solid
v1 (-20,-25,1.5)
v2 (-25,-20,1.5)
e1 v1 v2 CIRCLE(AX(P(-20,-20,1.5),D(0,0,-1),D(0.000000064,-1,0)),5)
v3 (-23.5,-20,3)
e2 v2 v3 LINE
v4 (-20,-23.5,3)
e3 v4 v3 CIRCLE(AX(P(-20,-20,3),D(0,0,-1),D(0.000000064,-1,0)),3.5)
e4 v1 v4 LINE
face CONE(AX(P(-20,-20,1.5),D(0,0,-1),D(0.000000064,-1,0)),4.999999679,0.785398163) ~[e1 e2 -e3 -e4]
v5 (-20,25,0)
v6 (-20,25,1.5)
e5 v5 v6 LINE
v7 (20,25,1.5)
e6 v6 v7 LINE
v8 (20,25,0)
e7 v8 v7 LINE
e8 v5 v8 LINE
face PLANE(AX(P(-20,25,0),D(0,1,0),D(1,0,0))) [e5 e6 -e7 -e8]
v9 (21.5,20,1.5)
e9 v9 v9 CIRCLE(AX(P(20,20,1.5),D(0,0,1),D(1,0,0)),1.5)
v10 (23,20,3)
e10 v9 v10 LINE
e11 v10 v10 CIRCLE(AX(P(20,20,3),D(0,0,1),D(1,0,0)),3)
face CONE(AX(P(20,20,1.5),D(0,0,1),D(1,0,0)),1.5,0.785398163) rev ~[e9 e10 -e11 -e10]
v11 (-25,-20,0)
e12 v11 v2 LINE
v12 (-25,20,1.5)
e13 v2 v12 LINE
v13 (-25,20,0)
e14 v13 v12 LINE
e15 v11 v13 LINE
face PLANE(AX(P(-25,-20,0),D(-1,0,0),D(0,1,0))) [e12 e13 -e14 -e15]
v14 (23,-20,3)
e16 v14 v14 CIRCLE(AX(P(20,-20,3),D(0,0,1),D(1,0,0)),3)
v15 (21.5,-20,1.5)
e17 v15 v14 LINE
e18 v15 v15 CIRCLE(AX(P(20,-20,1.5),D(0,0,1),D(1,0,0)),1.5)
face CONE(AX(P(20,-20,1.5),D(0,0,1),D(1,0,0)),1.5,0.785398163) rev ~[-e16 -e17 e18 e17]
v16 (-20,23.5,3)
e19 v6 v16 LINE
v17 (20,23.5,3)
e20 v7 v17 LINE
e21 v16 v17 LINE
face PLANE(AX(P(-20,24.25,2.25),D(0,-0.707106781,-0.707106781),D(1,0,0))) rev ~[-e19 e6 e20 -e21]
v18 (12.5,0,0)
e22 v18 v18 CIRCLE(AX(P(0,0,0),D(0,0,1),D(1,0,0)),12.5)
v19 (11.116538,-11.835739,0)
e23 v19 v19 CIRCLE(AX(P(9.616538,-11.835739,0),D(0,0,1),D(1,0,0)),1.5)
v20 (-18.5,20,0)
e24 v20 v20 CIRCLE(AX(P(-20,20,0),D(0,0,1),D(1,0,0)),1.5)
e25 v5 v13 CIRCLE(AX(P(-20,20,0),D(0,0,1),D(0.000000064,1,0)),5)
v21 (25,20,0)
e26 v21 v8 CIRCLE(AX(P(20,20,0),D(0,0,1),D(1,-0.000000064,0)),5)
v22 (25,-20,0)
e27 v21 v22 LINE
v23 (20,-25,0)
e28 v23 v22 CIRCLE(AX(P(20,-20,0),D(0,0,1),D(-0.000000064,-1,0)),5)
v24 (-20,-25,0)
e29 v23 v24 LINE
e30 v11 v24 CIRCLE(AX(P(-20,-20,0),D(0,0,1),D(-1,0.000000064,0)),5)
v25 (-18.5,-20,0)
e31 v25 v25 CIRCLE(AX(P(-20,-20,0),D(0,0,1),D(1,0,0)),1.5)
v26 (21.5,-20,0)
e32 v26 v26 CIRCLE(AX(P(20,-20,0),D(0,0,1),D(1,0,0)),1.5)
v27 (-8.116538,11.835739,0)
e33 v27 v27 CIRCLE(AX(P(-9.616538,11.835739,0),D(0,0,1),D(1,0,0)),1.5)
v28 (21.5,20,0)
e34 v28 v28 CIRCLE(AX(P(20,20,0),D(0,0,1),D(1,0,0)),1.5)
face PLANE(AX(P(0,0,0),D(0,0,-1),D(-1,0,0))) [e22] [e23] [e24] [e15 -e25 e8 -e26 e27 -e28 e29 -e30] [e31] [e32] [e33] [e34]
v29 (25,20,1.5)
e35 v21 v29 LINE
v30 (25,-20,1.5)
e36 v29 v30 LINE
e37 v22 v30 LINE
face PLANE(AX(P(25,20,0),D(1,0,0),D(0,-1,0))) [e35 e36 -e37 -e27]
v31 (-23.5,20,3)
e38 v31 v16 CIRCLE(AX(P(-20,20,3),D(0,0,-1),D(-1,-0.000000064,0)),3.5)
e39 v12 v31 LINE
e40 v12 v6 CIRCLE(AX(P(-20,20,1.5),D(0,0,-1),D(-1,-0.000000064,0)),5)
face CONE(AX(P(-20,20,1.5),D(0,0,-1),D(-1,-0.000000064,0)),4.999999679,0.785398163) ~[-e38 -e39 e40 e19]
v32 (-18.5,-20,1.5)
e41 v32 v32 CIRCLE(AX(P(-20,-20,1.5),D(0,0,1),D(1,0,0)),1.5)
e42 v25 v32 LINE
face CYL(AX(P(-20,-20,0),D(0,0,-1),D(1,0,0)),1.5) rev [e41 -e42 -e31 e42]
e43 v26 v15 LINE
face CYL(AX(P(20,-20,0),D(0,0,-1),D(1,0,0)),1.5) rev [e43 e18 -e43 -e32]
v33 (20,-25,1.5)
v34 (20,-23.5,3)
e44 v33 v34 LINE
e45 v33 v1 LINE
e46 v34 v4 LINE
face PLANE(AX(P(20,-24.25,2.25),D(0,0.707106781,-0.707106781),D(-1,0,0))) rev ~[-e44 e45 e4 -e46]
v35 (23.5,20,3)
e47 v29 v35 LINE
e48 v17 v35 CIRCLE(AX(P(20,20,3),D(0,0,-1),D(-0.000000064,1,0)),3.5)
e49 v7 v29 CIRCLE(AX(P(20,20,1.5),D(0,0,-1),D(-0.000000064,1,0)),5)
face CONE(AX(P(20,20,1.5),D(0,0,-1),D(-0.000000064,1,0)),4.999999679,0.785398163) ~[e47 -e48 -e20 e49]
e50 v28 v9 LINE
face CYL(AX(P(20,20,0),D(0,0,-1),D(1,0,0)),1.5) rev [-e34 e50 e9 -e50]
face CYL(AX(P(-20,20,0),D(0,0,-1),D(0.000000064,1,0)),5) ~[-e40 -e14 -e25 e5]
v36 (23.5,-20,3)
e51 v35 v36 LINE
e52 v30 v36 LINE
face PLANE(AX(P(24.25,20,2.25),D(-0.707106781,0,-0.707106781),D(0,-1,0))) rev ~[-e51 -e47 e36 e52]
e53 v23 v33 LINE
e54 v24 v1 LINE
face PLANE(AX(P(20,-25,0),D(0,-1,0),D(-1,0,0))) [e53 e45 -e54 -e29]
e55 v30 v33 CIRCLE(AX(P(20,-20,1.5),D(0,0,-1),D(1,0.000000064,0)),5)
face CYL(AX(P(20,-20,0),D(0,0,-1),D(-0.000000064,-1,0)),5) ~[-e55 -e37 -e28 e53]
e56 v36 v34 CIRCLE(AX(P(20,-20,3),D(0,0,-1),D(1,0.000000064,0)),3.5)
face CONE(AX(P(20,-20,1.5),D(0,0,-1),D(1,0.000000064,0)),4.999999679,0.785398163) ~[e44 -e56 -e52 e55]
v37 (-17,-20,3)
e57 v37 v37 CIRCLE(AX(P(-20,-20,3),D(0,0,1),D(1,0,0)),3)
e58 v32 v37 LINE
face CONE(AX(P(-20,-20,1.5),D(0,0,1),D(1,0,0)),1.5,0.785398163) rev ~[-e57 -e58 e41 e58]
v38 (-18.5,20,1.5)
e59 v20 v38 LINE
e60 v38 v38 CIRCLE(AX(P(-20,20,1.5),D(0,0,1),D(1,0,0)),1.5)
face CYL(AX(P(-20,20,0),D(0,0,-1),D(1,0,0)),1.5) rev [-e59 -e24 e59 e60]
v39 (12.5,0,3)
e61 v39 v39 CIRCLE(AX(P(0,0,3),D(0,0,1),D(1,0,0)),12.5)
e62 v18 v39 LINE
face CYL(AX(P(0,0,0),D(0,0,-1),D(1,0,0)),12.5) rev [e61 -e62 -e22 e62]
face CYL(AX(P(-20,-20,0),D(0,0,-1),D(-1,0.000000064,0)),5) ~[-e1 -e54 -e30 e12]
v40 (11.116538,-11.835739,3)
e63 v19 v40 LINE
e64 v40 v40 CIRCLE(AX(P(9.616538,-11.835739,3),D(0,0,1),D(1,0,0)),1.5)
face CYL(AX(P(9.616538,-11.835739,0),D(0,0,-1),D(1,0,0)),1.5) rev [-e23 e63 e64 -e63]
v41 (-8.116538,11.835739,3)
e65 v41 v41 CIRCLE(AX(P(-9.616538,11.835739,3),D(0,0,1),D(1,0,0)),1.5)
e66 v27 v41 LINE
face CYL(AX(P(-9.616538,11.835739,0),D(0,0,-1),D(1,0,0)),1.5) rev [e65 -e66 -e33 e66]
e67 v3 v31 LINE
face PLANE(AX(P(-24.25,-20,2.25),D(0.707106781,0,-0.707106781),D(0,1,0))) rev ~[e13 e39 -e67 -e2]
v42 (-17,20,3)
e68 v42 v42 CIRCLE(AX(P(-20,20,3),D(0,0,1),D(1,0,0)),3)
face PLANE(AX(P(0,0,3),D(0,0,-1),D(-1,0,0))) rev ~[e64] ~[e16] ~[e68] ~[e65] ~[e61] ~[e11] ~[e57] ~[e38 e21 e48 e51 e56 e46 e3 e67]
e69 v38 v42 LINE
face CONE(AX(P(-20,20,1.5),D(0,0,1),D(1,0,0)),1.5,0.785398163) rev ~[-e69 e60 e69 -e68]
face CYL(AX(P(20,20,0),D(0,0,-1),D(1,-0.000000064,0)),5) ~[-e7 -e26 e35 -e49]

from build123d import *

# Parameters (mm, degrees)
SKETCH_R     = 1.5
SKETCH_R_2   = 12.5
PAD_DEPTH    = 3
CHAMFER_SIZE = 1.5


with BuildPart() as part:
    # Sketch → Pad (new body)
    with BuildSketch(Plane.XY):
        with BuildLine():
            Line((-20, 25), (20, 25))
            ThreePointArc((25, 20), (23.535534, 23.535534), (20, 25))
            Line((25, 20), (25, -20))
            ThreePointArc((20, -25), (23.535534, -23.535534), (25, -20))
            Line((20, -25), (-20, -25))
            ThreePointArc((-25, -20), (-23.535534, -23.535534), (-20, -25))
            Line((-25, -20), (-25, 20))
            ThreePointArc((-20, 25), (-23.535534, 23.535534), (-25, 20))
        make_face()
        with Locations((-9.616538, 11.835739)):
            Circle(SKETCH_R, mode=Mode.SUBTRACT)
        with Locations((9.616538, -11.835739)):
            Circle(SKETCH_R, mode=Mode.SUBTRACT)
        with Locations((-20, 20)):
            Circle(SKETCH_R, mode=Mode.SUBTRACT)
        with Locations((20, 20)):
            Circle(SKETCH_R, mode=Mode.SUBTRACT)
        with Locations((20, -20)):
            Circle(SKETCH_R, mode=Mode.SUBTRACT)
        with Locations((-20, -20)):
            Circle(SKETCH_R, mode=Mode.SUBTRACT)
        Circle(SKETCH_R_2, mode=Mode.SUBTRACT)
    extrude(amount=PAD_DEPTH)

    # Chamfer
    chamfer_edges = [part.edges().sort_by_distance(p)[0] for p in [
        (0, 25, 3),
        (-21.5, 20, 3),
        (18.5, 20, 3),
        (18.5, -20, 3),
        (-21.5, -20, 3),
    ]]
    chamfer(chamfer_edges, length=CHAMFER_SIZE)


solid = part.part
